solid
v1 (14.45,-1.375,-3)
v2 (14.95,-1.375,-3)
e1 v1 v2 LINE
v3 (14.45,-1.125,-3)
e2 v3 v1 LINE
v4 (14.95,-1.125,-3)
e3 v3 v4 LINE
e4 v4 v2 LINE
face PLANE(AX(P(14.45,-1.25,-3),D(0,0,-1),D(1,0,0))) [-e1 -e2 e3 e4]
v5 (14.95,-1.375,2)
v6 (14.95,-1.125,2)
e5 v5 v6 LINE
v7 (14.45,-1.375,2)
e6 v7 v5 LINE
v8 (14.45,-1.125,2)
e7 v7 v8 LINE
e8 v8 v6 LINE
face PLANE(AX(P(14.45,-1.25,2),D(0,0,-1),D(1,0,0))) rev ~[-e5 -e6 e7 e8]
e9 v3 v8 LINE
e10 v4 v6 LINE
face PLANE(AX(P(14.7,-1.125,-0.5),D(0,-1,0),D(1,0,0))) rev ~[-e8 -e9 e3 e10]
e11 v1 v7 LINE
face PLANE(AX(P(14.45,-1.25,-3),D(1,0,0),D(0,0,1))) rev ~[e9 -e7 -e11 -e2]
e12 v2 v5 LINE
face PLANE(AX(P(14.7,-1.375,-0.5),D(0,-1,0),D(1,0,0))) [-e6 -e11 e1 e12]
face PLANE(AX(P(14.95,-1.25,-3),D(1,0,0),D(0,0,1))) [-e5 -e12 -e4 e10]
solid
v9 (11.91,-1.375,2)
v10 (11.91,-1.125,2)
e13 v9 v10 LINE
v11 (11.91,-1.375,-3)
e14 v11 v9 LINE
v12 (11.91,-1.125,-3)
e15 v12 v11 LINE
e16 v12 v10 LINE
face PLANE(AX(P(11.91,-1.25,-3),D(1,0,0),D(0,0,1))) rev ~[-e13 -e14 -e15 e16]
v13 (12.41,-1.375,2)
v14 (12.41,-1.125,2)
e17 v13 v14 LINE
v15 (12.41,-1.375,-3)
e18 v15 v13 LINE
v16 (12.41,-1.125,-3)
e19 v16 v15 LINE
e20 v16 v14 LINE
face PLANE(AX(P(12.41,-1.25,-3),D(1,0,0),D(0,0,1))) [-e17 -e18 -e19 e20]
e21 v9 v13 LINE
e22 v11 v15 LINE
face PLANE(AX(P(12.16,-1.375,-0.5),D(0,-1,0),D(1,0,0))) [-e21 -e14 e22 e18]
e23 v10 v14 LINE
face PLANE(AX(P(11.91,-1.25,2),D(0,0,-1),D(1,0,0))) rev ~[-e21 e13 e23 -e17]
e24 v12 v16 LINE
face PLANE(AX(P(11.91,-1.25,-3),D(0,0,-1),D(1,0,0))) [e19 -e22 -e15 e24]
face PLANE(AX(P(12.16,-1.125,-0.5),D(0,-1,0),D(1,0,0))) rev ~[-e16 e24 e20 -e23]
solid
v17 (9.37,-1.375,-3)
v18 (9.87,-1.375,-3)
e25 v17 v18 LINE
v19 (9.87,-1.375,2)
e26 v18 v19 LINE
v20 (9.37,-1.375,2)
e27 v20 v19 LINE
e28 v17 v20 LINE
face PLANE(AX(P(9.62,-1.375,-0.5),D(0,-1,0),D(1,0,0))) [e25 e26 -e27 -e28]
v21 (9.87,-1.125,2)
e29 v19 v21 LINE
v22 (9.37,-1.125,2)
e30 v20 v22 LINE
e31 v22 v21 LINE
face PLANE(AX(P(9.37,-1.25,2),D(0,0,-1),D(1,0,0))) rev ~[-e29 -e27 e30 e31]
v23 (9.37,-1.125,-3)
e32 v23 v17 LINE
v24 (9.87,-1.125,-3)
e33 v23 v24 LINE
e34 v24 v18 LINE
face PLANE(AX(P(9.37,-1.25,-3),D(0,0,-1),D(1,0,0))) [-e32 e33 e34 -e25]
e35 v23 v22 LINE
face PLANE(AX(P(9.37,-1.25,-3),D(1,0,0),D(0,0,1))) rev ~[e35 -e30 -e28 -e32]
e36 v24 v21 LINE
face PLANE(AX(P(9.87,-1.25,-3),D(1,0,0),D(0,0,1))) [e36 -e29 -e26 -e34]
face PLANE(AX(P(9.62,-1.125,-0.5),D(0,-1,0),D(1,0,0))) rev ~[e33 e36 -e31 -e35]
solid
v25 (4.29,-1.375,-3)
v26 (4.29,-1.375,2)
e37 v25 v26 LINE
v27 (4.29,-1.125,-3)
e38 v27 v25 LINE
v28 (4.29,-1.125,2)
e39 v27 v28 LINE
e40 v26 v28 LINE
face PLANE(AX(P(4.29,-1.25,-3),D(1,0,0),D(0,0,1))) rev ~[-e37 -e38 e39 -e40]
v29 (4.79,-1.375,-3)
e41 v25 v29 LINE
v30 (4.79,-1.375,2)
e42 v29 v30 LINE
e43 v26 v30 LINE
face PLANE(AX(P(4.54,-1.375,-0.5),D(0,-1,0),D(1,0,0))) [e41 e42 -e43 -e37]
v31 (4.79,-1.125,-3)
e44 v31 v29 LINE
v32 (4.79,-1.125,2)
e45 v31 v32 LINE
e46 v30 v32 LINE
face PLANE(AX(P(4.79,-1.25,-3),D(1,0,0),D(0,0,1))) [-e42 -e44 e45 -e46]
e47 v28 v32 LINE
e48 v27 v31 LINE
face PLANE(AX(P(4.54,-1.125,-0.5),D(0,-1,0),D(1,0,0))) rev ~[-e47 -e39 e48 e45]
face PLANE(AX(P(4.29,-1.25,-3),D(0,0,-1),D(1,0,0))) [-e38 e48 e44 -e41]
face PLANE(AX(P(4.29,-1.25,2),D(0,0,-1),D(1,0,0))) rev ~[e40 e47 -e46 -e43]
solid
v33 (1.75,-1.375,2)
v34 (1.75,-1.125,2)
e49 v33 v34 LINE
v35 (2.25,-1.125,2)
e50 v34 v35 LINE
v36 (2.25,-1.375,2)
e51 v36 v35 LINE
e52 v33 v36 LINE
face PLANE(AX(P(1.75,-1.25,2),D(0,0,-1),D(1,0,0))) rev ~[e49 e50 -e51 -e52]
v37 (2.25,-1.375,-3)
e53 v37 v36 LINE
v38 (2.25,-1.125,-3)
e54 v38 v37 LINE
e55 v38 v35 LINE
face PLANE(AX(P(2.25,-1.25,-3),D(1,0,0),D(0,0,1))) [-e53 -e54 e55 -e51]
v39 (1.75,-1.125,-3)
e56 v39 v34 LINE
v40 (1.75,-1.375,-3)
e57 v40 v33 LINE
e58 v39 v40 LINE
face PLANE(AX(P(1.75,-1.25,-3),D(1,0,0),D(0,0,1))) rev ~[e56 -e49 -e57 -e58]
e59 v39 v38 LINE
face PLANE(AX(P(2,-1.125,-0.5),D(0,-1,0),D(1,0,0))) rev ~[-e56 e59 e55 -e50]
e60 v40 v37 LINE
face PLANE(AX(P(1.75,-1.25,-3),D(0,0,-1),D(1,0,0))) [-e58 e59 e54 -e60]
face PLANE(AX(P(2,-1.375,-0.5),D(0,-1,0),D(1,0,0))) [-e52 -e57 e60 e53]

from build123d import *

# Parameters (mm, degrees)
SKETCH003_W  = 0.5
SKETCH003_H  = 5
PAD003_DEPTH = 0.125
SKETCH002_W  = 0.5
SKETCH002_H  = 5
PAD002_DEPTH = 0.125
SKETCH005_W  = 0.5
SKETCH005_H  = 5
PAD005_DEPTH = 0.125
SKETCH004_W  = 0.5
SKETCH004_H  = 5
PAD004_DEPTH = 0.125
SKETCH001_W  = 0.5
SKETCH001_H  = 5
PAD001_DEPTH = 0.125


with BuildPart() as pad003:
    # Sketch003 → Pad003 (new body, symmetric)
    with BuildSketch(Plane(origin=(9.62, -1.25, 0), x_dir=(1, 0, 0), z_dir=(0, -1, 0))):
        with Locations((0, -0.5)):
            Rectangle(SKETCH003_W, SKETCH003_H)
    extrude(amount=PAD003_DEPTH, both=True)


with BuildPart() as pad002:
    # Sketch002 → Pad002 (new body, symmetric)
    with BuildSketch(Plane(origin=(4.54, -1.25, 0), x_dir=(1, 0, 0), z_dir=(0, -1, 0))):
        with Locations((0, -0.5)):
            Rectangle(SKETCH002_W, SKETCH002_H)
    extrude(amount=PAD002_DEPTH, both=True)


with BuildPart() as pad005:
    # Sketch005 → Pad005 (new body, symmetric)
    with BuildSketch(Plane(origin=(14.7, -1.25, 0), x_dir=(1, 0, 0), z_dir=(0, -1, 0))):
        with Locations((0, -0.5)):
            Rectangle(SKETCH005_W, SKETCH005_H)
    extrude(amount=PAD005_DEPTH, both=True)


with BuildPart() as pad004:
    # Sketch004 → Pad004 (new body, symmetric)
    with BuildSketch(Plane(origin=(12.16, -1.25, 0), x_dir=(1, 0, 0), z_dir=(0, -1, 0))):
        with Locations((0, -0.5)):
            Rectangle(SKETCH004_W, SKETCH004_H)
    extrude(amount=PAD004_DEPTH, both=True)


with BuildPart() as fusion:
    # Sketch001 → Pad001 (new body, symmetric)
    with BuildSketch(Plane(origin=(2, -1.25, 0), x_dir=(1, 0, 0), z_dir=(0, -1, 0))):
        with Locations((0, -0.5)):
            Rectangle(SKETCH001_W, SKETCH001_H)
    extrude(amount=PAD001_DEPTH, both=True)

    # Fusion: union Pad003, Pad002, Pad005, Pad004
    add(pad003.part)
    add(pad002.part)
    add(pad005.part)
    add(pad004.part)


solid = fusion.part
